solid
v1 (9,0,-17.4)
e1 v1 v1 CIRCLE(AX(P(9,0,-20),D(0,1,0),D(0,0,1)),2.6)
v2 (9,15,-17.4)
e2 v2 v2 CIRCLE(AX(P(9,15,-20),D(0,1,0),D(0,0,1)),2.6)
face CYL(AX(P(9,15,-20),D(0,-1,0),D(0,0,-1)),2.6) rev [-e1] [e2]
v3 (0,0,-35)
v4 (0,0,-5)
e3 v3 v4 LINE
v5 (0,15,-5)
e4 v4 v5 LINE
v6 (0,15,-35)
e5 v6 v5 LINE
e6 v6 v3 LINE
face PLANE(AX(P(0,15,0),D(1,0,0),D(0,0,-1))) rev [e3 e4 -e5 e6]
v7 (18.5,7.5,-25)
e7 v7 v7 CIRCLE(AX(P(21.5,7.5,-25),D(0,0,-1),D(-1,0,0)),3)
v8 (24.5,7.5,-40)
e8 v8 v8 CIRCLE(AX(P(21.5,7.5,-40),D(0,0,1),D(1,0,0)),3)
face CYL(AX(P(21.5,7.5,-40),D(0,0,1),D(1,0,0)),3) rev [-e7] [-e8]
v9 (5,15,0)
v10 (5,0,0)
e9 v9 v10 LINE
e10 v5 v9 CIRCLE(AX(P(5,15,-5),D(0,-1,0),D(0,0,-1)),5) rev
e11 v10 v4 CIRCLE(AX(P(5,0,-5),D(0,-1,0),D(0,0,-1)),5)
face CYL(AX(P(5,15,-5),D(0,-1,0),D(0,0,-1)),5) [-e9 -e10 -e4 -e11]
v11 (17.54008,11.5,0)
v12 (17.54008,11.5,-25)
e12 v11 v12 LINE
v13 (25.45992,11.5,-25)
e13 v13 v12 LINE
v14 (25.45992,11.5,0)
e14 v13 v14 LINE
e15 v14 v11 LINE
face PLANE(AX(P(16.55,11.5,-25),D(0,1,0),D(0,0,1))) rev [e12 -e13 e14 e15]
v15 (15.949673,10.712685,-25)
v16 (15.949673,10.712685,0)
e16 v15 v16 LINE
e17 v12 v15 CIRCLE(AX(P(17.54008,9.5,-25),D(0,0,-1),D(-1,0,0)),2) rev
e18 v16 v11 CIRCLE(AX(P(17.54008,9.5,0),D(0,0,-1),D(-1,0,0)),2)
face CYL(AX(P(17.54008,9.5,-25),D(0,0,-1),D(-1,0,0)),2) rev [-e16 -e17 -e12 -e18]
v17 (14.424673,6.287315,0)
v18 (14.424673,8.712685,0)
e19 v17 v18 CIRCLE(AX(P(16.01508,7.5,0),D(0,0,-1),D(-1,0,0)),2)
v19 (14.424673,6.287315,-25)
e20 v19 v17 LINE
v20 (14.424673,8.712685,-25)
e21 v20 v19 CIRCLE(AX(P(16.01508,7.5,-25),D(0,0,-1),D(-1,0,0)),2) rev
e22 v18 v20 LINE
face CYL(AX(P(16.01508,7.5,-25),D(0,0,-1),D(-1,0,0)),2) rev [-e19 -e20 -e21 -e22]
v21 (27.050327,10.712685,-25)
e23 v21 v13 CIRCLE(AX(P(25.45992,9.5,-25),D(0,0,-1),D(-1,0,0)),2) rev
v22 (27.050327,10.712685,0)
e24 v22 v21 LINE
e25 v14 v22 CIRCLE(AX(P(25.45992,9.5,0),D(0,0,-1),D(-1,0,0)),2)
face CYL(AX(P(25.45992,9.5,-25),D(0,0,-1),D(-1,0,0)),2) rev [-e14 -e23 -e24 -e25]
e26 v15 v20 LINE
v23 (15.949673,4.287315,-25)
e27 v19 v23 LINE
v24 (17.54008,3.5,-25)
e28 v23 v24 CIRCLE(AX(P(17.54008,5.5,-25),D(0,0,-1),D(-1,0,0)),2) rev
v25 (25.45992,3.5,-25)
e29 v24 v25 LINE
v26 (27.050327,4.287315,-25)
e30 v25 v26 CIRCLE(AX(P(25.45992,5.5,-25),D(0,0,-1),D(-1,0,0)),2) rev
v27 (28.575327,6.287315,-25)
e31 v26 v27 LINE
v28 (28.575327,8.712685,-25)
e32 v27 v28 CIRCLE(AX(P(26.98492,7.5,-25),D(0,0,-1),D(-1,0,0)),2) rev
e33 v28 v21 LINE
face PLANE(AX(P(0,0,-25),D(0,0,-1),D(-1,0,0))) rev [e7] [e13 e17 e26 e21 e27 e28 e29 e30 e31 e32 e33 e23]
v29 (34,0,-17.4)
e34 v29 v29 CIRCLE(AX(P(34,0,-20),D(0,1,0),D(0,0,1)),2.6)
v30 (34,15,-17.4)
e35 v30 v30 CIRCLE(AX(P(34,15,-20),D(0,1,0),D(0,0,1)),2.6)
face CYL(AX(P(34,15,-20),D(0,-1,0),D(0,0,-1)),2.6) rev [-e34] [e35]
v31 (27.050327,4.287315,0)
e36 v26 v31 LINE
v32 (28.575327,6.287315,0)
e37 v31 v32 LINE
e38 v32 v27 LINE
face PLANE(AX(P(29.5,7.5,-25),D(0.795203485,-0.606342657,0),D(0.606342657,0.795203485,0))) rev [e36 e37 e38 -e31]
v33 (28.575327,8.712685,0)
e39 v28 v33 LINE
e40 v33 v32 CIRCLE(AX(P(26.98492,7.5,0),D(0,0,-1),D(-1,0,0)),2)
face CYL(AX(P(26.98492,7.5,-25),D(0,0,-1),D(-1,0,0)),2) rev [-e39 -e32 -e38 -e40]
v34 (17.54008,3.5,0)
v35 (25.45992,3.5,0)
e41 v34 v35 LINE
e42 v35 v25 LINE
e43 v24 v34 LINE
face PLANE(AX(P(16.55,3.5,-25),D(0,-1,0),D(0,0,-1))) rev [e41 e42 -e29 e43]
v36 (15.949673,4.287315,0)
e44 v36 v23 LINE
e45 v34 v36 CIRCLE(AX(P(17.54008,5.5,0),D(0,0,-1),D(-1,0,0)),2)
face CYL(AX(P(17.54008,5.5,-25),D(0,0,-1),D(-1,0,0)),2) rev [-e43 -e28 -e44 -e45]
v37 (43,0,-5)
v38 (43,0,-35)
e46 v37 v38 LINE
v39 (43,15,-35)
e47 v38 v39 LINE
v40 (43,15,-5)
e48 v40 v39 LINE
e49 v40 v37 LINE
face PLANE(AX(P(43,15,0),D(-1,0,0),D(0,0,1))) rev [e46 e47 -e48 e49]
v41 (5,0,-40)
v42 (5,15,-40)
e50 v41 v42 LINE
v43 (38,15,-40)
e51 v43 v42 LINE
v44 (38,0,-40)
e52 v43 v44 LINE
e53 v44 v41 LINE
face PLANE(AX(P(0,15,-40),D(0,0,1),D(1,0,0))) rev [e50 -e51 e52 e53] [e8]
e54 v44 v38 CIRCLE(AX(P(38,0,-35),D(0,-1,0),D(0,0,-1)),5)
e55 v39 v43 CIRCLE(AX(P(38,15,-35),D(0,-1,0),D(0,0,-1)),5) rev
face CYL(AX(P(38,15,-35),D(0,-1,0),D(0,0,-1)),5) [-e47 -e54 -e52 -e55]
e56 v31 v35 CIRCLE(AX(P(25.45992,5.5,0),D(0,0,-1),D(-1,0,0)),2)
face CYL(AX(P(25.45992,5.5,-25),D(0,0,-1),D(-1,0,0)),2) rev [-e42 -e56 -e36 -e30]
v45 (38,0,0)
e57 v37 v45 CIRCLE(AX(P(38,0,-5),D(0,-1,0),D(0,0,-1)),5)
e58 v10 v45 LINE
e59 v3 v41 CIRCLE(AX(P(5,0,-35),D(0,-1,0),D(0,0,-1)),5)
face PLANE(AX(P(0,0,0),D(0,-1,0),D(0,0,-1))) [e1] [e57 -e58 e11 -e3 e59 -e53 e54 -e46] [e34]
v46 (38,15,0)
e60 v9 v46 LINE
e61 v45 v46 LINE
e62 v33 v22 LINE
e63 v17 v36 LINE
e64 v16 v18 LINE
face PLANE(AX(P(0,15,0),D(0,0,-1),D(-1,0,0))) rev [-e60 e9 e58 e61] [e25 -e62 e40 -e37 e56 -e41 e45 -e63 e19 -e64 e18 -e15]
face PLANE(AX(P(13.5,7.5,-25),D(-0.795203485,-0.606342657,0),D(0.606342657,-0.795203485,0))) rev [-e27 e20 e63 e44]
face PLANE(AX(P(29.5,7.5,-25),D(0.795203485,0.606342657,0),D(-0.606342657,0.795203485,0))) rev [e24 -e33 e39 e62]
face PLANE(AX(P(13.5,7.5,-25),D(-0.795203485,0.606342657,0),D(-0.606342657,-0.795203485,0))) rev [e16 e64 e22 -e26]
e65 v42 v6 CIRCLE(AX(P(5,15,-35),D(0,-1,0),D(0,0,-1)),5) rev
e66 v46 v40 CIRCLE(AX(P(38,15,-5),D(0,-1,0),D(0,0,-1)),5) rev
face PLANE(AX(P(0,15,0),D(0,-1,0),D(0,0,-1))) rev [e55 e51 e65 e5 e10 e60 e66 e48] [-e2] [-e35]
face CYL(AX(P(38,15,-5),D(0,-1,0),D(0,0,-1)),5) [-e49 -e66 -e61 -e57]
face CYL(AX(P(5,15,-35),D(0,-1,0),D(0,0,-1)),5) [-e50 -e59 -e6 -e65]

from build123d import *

# Parameters (mm, degrees)
SKETCH1_W           = 43
SKETCH1_H           = 40
BOSS_EXTRUDE1_DEPTH = 15
CUT_EXTRUDE1_DEPTH  = 25
SKETCH3_R           = 3
CUT_EXTRUDE2_DEPTH  = 61.613529843
SKETCH4_R           = 2.6
CUT_EXTRUDE3_DEPTH  = 61.613529843
FILLET1_R           = 2
FILLET3_R           = 5


with BuildPart() as part:
    # Sketch1 → Boss-Extrude1 (new body)
    with BuildSketch(Plane(origin=(0, 0, 0), x_dir=(1, 0, 0), z_dir=(0, 1, 0))):
        with Locations((21.5, 20)):
            Rectangle(SKETCH1_W, SKETCH1_H)
    extrude(amount=BOSS_EXTRUDE1_DEPTH)

    # Sketch2 → Cut-Extrude1 (cut)
    with BuildSketch(Plane.XY):
        Polygon((13.5, 7.5), (16.55, 11.5), (26.45, 11.5), (29.5, 7.5), (26.45, 3.5), (16.55, 3.5), align=None)
    extrude(amount=-CUT_EXTRUDE1_DEPTH, mode=Mode.SUBTRACT)

    # Sketch3 → Cut-Extrude2 (cut, through all)
    with BuildSketch(Plane.XY):
        with Locations((21.5, 7.5)):
            Circle(SKETCH3_R)
    extrude(amount=-CUT_EXTRUDE2_DEPTH, mode=Mode.SUBTRACT)

    # Sketch4 → Cut-Extrude3 (cut, through all)
    with BuildSketch(Plane(origin=(0, 0, 0), x_dir=(1, 0, 0), z_dir=(0, 1, 0))):
        with Locations(Location((9, 20, 0), (0, 0, 270))):
            Circle(SKETCH4_R)
        with Locations(Location((34, 20, 0), (0, 0, 270))):
            Circle(SKETCH4_R)
    extrude(amount=CUT_EXTRUDE3_DEPTH, mode=Mode.SUBTRACT)

    # Fillet1
    fillet1_edges = [part.edges().sort_by_distance(p)[0] for p in [
        (16.55, 3.5, -12.5),
        (13.5, 7.5, -12.5),
        (16.55, 11.5, -12.5),
        (26.45, 11.5, -12.5),
        (29.5, 7.5, -12.5),
        (26.45, 3.5, -12.5),
    ]]
    fillet(fillet1_edges, radius=FILLET1_R)

    # Fillet3
    fillet3_edges = [part.edges().sort_by_distance(p)[0] for p in [
        (0, 7.5, -40),
        (43, 7.5, -40),
        (43, 7.5, 0),
        (0, 7.5, 0),
    ]]
    fillet(fillet3_edges, radius=FILLET3_R)


solid = part.part
